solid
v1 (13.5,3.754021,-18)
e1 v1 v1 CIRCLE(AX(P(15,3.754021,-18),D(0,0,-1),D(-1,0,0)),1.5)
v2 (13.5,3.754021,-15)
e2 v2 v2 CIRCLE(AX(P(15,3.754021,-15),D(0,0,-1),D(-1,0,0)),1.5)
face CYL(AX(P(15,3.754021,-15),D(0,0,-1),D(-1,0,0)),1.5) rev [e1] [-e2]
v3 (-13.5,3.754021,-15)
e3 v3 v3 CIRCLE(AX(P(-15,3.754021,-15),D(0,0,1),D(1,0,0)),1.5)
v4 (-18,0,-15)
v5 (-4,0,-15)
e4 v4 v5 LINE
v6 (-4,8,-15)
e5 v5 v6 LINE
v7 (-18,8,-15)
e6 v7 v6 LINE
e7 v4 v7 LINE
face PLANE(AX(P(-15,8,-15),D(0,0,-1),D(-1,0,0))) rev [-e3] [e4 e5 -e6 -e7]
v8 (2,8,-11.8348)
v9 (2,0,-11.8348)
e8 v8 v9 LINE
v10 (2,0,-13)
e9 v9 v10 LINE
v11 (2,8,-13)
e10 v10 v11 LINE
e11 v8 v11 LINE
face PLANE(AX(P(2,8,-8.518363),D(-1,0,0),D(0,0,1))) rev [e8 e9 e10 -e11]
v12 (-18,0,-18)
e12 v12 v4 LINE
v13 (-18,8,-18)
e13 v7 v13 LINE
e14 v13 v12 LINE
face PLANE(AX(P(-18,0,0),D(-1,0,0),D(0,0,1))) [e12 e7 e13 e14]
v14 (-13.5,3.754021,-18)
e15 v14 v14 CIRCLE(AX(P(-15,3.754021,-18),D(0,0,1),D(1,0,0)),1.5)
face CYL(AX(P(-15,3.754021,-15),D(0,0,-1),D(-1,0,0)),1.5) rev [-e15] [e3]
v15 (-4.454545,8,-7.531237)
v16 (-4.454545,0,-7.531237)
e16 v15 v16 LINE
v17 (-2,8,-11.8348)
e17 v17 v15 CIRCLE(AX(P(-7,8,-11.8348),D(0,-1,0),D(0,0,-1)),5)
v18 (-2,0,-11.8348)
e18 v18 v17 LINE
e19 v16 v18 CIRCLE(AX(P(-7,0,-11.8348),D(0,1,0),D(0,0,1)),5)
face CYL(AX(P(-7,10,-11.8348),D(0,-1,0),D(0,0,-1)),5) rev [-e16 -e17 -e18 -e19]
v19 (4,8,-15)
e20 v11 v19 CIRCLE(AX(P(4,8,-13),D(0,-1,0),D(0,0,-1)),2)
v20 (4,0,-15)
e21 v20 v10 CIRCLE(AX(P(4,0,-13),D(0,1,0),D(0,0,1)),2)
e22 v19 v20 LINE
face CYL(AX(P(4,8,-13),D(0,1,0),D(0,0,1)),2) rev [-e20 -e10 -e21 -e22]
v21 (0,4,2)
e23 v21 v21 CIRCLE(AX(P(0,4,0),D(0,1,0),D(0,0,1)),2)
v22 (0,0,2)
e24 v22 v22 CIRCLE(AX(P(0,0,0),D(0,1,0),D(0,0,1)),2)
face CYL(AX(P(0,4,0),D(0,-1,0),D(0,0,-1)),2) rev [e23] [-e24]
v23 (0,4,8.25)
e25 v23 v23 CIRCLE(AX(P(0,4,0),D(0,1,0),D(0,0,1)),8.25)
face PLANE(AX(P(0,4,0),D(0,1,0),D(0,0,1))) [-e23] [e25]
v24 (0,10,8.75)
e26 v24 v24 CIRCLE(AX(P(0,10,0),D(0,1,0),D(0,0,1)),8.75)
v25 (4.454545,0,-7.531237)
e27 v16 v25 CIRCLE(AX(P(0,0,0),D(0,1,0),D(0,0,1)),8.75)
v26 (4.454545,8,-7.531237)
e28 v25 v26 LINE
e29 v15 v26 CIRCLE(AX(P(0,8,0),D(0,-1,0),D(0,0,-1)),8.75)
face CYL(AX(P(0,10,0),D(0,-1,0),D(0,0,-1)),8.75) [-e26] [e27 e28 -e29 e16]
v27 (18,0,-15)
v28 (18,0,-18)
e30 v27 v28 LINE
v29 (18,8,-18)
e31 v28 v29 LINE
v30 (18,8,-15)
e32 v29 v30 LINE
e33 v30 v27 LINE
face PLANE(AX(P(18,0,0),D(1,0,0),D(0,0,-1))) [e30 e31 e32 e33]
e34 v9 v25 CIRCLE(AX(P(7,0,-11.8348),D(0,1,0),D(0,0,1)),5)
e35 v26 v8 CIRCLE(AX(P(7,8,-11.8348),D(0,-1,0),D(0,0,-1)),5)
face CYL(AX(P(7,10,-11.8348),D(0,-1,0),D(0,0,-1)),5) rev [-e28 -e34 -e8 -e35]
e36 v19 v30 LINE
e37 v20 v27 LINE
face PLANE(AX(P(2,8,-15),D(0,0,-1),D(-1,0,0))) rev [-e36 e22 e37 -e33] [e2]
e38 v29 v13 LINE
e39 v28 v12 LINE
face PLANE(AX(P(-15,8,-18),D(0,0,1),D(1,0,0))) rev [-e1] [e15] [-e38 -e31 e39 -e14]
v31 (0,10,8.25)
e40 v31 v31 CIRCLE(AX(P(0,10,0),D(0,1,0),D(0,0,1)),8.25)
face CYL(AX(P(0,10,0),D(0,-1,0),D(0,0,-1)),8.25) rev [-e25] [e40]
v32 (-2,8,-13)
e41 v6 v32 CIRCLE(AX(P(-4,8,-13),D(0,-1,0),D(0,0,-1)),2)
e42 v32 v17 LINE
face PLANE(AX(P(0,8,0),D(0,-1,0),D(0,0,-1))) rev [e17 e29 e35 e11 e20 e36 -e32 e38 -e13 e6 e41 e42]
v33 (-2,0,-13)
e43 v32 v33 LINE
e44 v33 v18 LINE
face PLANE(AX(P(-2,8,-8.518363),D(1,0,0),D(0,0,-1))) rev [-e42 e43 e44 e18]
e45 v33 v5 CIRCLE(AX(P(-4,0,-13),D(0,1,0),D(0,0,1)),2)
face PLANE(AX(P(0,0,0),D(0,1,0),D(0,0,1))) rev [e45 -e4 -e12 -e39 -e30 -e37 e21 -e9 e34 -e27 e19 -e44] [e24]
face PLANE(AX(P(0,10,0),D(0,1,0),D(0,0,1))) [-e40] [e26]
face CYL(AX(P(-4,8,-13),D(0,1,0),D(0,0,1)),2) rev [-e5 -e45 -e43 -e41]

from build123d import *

# Parameters (mm, degrees)
SKETCH_1_R          = 8.75
SKETCH_1_R_2        = 8.25
EXTRUDE_2_DEPTH     = 10
SKETCH_2_R          = 8.25
SKETCH_2_R_2        = 2
EXTRUDE_3_DEPTH     = 4
EXTRUDE_4_DEPTH     = 8
SKETCH_5_W          = 3
SKETCH_5_H          = 8
EXTRUDE_5_DEPTH     = 3
SKETCH_6_W          = 3
SKETCH_6_H          = 8
EXTRUDE_6_DEPTH     = 3
SKETCH_7_R          = 1.5
CUT_EXTRUDE_1_DEPTH = 3
FILLET_1_R          = 5
FILLET_3_R          = 2
SKETCH_8_R          = 8.75
SKETCH_8_R_2        = 8.25
EXTRUDE_7_DEPTH     = 8
SKETCH_9_R          = 8.25
SKETCH_9_R_2        = 6
EXTRUDE_8_DEPTH     = 2
EXTRUDE_9_DEPTH     = 8
SKETCH_11_R         = 1.5
CUT_EXTRUDE_2_DEPTH = 8
CUT_EXTRUDE_3_DEPTH = 8
CUT_EXTRUDE_4_DEPTH = 8
SKETCH_14_R         = 8.75
SKETCH_14_R_2       = 8.25
EXTRUDE_10_DEPTH    = 8
EXTRUDE_11_DEPTH    = 8
SKETCH_16_R         = 1.5
CUT_EXTRUDE_5_DEPTH = 8
CUT_EXTRUDE_6_DEPTH = 10


with BuildPart() as part:
    # 草图1 → 凸台-拉伸2 (new body)
    with BuildSketch(Plane(origin=(0, 0, 0), x_dir=(1, 0, 0), z_dir=(0, 1, 0))):
        Circle(SKETCH_1_R)
        Circle(SKETCH_1_R_2, mode=Mode.SUBTRACT)
    extrude(amount=EXTRUDE_2_DEPTH)

    # 草图2 → 凸台-拉伸3 (add)
    with BuildSketch(Plane(origin=(0, 0, 0), x_dir=(1, 0, 0), z_dir=(0, 1, 0))):
        Circle(SKETCH_2_R)
        Circle(SKETCH_2_R_2, mode=Mode.SUBTRACT)
    extrude(amount=EXTRUDE_3_DEPTH)

    # 草图3 → 凸台-拉伸4 (add)
    with BuildSketch(Plane(origin=(0, 0, 0), x_dir=(1, 0, 0), z_dir=(0, 1, 0))):
        Polygon((-2, 8.518362519), (2, 8.518362519), (2, 15), (15, 15), (15, 18), (2, 18), (-2, 18), (-15, 18), (-15, 15), (-2, 15), align=None)
    extrude(amount=EXTRUDE_4_DEPTH)

    # 草图5 → 凸台-拉伸5 (add)
    with BuildSketch(Plane(origin=(15, 0, 0), x_dir=(0, 0, -1), z_dir=(1, 0, 0))):
        with Locations((16.5, 4)):
            Rectangle(SKETCH_5_W, SKETCH_5_H)
    extrude(amount=EXTRUDE_5_DEPTH)

    # 草图6 → 凸台-拉伸6 (add)
    with BuildSketch(Plane.ZY.offset(15)):
        with Locations((-16.5, 4)):
            Rectangle(SKETCH_6_W, SKETCH_6_H)
    extrude(amount=EXTRUDE_6_DEPTH)

    # 草图7 → 切除-拉伸1 (cut)
    with BuildSketch(Plane(origin=(0, 0, -18), x_dir=(-1, 0, 0), z_dir=(0, 0, -1))):
        with Locations((-15, 3.754021035)):
            Circle(SKETCH_7_R)
    cut_extrude_1 = extrude(amount=-CUT_EXTRUDE_1_DEPTH, mode=Mode.SUBTRACT)

    # 镜向1: 切除-拉伸1 across plane
    add(cut_extrude_1.mirror(Plane(origin=(0, 0, 0), x_dir=(0, 0, 1), z_dir=(1, 0, 0))), mode=Mode.SUBTRACT)

    # 圆角1
    fillet_1_edges = [part.edges().sort_by_distance(p)[0] for p in [
        (-2, 4, -8.518362519),
        (2, 4, -8.518362519),
    ]]
    fillet(fillet_1_edges, radius=FILLET_1_R)

    # 圆角3
    fillet_3_edges = [part.edges().sort_by_distance(p)[0] for p in [
        (-2, 4, -15),
        (2, 4, -15),
    ]]
    fillet(fillet_3_edges, radius=FILLET_3_R)


with BuildPart() as body_2:
    # 草图8 → 凸台-拉伸7 (new body)
    with BuildSketch(Plane(origin=(0, 0, 0), x_dir=(1, 0, 0), z_dir=(0, 1, 0))):
        with Locations((27.184954533, 0)):
            Circle(SKETCH_8_R)
        with Locations((27.184954533, 0)):
            Circle(SKETCH_8_R_2, mode=Mode.SUBTRACT)
    extrude(amount=EXTRUDE_7_DEPTH)

    # 草图9 → 凸台-拉伸8 (add)
    with BuildSketch(Plane.XZ):
        with Locations((27.184954533, 0)):
            Circle(SKETCH_9_R)
        with Locations((27.184954533, 0)):
            Circle(SKETCH_9_R_2, mode=Mode.SUBTRACT)
    extrude(amount=-EXTRUDE_8_DEPTH)

    # 草图10 → 凸台-拉伸9 (add)
    with BuildSketch(Plane(origin=(0, 0, 0), x_dir=(1, 0, 0), z_dir=(0, 1, 0))):
        Polygon((27.184954533, -18), (45.184954533, -18), (45.184954533, -14.663867829), (29.184954533, -14.663867829), (29.184954533, -8.518362519), (25.184954533, -8.518362519), (25.184954533, -14.663867829), (9.184954533, -14.663867829), (9.184954533, -18), align=None)
    extrude(amount=EXTRUDE_9_DEPTH)

    # 草图11 → 切除-拉伸2 (cut)
    with BuildSketch(Plane.XY.offset(18)):
        with Locations((12.184954533, 4)):
            Circle(SKETCH_11_R)
        with Locations((42.184954533, 4)):
            Circle(SKETCH_11_R)
    extrude(amount=-CUT_EXTRUDE_2_DEPTH, mode=Mode.SUBTRACT)

    # 草图12 → 切除-拉伸3 (cut)
    with BuildSketch(Plane.XY.offset(18)):
        with BuildLine():
            Line((10.684954533, 4), (10.684954533, 5))
            ThreePointArc((10.684954533, 5), (12.184954533, 6.5), (13.684954533, 5))
            Line((13.684954533, 5), (13.684954533, 4))
            Line((13.684954533, 4), (13.684954533, 3))
            ThreePointArc((13.684954533, 3), (12.184954533, 1.5), (10.684954533, 3))
            Line((10.684954533, 3), (10.684954533, 4))
        make_face()
    extrude(amount=-CUT_EXTRUDE_3_DEPTH, mode=Mode.SUBTRACT)

    # 草图13 → 切除-拉伸4 (cut)
    with BuildSketch(Plane.XY.offset(18)):
        with BuildLine():
            Line((40.684954533, 4), (40.684954533, 5))
            ThreePointArc((40.684954533, 5), (42.184954533, 6.5), (43.684954533, 5))
            Line((43.684954533, 5), (43.684954533, 4))
            Line((43.684954533, 4), (43.684954533, 3))
            ThreePointArc((43.684954533, 3), (42.184954533, 1.5), (40.684954533, 3))
            Line((40.684954533, 3), (40.684954533, 4))
        make_face()
    extrude(amount=-CUT_EXTRUDE_4_DEPTH, mode=Mode.SUBTRACT)


with BuildPart() as body_3:
    # 草图14 → 凸台-拉伸10 (new body)
    with BuildSketch(Plane(origin=(0, 0, 0), x_dir=(1, 0, 0), z_dir=(0, 1, 0))):
        with Locations((-35.091635024, 0)):
            Circle(SKETCH_14_R)
        with Locations((-35.091635024, 0)):
            Circle(SKETCH_14_R_2, mode=Mode.SUBTRACT)
    extrude(amount=EXTRUDE_10_DEPTH)

    # 草图15 → 凸台-拉伸11 (add)
    with BuildSketch(Plane(origin=(0, 0, 0), x_dir=(1, 0, 0), z_dir=(0, 1, 0))):
        Polygon((-37.091635024, -15), (-37.091635024, -8.518362519), (-33.091635024, -8.518362519), (-33.091635024, -15), (-17.091635024, -15), (-17.091635024, -18), (-53.091635024, -18), (-53.091635024, -15), align=None)
    extrude(amount=EXTRUDE_11_DEPTH)

    # 草图16 → 切除-拉伸5 (cut)
    with BuildSketch(Plane.XY.offset(18)):
        with Locations((-50.091635024, 4)):
            Circle(SKETCH_16_R)
        with Locations((-20.091635024, 4)):
            Circle(SKETCH_16_R)
    extrude(amount=-CUT_EXTRUDE_5_DEPTH, mode=Mode.SUBTRACT)


with BuildPart() as cut_extrude_6_tool:
    # 草图17 → 切除-拉伸6 (new body)
    with BuildSketch(Plane(origin=(0, 0, 0), x_dir=(1, 0, 0), z_dir=(0, 1, 0))):
        Polygon((-33.937696103, 15.405684546), (-2.722219819, -15.809791737), (14.647012306, -5.078130135), (14.647012306, 8.915639327), (41.967984005, 12.760711076), (60.531615551, -22.761160297), (-4.034255232, -33.891518563), (-68.183747723, -30.767123944), (-78.804576394, -10.443960936), (-56.287548242, 12.073067216), align=None)
    extrude(amount=CUT_EXTRUDE_6_DEPTH)


with BuildPart() as body_2_1:
    add(body_2.part)

    # 切除-拉伸6: cut by cut_extrude_6_tool
    add(cut_extrude_6_tool.part, mode=Mode.SUBTRACT)


with BuildPart() as body_3_1:
    add(body_3.part)

    # 切除-拉伸6: cut by cut_extrude_6_tool
    add(cut_extrude_6_tool.part, mode=Mode.SUBTRACT)


solid = part.part
